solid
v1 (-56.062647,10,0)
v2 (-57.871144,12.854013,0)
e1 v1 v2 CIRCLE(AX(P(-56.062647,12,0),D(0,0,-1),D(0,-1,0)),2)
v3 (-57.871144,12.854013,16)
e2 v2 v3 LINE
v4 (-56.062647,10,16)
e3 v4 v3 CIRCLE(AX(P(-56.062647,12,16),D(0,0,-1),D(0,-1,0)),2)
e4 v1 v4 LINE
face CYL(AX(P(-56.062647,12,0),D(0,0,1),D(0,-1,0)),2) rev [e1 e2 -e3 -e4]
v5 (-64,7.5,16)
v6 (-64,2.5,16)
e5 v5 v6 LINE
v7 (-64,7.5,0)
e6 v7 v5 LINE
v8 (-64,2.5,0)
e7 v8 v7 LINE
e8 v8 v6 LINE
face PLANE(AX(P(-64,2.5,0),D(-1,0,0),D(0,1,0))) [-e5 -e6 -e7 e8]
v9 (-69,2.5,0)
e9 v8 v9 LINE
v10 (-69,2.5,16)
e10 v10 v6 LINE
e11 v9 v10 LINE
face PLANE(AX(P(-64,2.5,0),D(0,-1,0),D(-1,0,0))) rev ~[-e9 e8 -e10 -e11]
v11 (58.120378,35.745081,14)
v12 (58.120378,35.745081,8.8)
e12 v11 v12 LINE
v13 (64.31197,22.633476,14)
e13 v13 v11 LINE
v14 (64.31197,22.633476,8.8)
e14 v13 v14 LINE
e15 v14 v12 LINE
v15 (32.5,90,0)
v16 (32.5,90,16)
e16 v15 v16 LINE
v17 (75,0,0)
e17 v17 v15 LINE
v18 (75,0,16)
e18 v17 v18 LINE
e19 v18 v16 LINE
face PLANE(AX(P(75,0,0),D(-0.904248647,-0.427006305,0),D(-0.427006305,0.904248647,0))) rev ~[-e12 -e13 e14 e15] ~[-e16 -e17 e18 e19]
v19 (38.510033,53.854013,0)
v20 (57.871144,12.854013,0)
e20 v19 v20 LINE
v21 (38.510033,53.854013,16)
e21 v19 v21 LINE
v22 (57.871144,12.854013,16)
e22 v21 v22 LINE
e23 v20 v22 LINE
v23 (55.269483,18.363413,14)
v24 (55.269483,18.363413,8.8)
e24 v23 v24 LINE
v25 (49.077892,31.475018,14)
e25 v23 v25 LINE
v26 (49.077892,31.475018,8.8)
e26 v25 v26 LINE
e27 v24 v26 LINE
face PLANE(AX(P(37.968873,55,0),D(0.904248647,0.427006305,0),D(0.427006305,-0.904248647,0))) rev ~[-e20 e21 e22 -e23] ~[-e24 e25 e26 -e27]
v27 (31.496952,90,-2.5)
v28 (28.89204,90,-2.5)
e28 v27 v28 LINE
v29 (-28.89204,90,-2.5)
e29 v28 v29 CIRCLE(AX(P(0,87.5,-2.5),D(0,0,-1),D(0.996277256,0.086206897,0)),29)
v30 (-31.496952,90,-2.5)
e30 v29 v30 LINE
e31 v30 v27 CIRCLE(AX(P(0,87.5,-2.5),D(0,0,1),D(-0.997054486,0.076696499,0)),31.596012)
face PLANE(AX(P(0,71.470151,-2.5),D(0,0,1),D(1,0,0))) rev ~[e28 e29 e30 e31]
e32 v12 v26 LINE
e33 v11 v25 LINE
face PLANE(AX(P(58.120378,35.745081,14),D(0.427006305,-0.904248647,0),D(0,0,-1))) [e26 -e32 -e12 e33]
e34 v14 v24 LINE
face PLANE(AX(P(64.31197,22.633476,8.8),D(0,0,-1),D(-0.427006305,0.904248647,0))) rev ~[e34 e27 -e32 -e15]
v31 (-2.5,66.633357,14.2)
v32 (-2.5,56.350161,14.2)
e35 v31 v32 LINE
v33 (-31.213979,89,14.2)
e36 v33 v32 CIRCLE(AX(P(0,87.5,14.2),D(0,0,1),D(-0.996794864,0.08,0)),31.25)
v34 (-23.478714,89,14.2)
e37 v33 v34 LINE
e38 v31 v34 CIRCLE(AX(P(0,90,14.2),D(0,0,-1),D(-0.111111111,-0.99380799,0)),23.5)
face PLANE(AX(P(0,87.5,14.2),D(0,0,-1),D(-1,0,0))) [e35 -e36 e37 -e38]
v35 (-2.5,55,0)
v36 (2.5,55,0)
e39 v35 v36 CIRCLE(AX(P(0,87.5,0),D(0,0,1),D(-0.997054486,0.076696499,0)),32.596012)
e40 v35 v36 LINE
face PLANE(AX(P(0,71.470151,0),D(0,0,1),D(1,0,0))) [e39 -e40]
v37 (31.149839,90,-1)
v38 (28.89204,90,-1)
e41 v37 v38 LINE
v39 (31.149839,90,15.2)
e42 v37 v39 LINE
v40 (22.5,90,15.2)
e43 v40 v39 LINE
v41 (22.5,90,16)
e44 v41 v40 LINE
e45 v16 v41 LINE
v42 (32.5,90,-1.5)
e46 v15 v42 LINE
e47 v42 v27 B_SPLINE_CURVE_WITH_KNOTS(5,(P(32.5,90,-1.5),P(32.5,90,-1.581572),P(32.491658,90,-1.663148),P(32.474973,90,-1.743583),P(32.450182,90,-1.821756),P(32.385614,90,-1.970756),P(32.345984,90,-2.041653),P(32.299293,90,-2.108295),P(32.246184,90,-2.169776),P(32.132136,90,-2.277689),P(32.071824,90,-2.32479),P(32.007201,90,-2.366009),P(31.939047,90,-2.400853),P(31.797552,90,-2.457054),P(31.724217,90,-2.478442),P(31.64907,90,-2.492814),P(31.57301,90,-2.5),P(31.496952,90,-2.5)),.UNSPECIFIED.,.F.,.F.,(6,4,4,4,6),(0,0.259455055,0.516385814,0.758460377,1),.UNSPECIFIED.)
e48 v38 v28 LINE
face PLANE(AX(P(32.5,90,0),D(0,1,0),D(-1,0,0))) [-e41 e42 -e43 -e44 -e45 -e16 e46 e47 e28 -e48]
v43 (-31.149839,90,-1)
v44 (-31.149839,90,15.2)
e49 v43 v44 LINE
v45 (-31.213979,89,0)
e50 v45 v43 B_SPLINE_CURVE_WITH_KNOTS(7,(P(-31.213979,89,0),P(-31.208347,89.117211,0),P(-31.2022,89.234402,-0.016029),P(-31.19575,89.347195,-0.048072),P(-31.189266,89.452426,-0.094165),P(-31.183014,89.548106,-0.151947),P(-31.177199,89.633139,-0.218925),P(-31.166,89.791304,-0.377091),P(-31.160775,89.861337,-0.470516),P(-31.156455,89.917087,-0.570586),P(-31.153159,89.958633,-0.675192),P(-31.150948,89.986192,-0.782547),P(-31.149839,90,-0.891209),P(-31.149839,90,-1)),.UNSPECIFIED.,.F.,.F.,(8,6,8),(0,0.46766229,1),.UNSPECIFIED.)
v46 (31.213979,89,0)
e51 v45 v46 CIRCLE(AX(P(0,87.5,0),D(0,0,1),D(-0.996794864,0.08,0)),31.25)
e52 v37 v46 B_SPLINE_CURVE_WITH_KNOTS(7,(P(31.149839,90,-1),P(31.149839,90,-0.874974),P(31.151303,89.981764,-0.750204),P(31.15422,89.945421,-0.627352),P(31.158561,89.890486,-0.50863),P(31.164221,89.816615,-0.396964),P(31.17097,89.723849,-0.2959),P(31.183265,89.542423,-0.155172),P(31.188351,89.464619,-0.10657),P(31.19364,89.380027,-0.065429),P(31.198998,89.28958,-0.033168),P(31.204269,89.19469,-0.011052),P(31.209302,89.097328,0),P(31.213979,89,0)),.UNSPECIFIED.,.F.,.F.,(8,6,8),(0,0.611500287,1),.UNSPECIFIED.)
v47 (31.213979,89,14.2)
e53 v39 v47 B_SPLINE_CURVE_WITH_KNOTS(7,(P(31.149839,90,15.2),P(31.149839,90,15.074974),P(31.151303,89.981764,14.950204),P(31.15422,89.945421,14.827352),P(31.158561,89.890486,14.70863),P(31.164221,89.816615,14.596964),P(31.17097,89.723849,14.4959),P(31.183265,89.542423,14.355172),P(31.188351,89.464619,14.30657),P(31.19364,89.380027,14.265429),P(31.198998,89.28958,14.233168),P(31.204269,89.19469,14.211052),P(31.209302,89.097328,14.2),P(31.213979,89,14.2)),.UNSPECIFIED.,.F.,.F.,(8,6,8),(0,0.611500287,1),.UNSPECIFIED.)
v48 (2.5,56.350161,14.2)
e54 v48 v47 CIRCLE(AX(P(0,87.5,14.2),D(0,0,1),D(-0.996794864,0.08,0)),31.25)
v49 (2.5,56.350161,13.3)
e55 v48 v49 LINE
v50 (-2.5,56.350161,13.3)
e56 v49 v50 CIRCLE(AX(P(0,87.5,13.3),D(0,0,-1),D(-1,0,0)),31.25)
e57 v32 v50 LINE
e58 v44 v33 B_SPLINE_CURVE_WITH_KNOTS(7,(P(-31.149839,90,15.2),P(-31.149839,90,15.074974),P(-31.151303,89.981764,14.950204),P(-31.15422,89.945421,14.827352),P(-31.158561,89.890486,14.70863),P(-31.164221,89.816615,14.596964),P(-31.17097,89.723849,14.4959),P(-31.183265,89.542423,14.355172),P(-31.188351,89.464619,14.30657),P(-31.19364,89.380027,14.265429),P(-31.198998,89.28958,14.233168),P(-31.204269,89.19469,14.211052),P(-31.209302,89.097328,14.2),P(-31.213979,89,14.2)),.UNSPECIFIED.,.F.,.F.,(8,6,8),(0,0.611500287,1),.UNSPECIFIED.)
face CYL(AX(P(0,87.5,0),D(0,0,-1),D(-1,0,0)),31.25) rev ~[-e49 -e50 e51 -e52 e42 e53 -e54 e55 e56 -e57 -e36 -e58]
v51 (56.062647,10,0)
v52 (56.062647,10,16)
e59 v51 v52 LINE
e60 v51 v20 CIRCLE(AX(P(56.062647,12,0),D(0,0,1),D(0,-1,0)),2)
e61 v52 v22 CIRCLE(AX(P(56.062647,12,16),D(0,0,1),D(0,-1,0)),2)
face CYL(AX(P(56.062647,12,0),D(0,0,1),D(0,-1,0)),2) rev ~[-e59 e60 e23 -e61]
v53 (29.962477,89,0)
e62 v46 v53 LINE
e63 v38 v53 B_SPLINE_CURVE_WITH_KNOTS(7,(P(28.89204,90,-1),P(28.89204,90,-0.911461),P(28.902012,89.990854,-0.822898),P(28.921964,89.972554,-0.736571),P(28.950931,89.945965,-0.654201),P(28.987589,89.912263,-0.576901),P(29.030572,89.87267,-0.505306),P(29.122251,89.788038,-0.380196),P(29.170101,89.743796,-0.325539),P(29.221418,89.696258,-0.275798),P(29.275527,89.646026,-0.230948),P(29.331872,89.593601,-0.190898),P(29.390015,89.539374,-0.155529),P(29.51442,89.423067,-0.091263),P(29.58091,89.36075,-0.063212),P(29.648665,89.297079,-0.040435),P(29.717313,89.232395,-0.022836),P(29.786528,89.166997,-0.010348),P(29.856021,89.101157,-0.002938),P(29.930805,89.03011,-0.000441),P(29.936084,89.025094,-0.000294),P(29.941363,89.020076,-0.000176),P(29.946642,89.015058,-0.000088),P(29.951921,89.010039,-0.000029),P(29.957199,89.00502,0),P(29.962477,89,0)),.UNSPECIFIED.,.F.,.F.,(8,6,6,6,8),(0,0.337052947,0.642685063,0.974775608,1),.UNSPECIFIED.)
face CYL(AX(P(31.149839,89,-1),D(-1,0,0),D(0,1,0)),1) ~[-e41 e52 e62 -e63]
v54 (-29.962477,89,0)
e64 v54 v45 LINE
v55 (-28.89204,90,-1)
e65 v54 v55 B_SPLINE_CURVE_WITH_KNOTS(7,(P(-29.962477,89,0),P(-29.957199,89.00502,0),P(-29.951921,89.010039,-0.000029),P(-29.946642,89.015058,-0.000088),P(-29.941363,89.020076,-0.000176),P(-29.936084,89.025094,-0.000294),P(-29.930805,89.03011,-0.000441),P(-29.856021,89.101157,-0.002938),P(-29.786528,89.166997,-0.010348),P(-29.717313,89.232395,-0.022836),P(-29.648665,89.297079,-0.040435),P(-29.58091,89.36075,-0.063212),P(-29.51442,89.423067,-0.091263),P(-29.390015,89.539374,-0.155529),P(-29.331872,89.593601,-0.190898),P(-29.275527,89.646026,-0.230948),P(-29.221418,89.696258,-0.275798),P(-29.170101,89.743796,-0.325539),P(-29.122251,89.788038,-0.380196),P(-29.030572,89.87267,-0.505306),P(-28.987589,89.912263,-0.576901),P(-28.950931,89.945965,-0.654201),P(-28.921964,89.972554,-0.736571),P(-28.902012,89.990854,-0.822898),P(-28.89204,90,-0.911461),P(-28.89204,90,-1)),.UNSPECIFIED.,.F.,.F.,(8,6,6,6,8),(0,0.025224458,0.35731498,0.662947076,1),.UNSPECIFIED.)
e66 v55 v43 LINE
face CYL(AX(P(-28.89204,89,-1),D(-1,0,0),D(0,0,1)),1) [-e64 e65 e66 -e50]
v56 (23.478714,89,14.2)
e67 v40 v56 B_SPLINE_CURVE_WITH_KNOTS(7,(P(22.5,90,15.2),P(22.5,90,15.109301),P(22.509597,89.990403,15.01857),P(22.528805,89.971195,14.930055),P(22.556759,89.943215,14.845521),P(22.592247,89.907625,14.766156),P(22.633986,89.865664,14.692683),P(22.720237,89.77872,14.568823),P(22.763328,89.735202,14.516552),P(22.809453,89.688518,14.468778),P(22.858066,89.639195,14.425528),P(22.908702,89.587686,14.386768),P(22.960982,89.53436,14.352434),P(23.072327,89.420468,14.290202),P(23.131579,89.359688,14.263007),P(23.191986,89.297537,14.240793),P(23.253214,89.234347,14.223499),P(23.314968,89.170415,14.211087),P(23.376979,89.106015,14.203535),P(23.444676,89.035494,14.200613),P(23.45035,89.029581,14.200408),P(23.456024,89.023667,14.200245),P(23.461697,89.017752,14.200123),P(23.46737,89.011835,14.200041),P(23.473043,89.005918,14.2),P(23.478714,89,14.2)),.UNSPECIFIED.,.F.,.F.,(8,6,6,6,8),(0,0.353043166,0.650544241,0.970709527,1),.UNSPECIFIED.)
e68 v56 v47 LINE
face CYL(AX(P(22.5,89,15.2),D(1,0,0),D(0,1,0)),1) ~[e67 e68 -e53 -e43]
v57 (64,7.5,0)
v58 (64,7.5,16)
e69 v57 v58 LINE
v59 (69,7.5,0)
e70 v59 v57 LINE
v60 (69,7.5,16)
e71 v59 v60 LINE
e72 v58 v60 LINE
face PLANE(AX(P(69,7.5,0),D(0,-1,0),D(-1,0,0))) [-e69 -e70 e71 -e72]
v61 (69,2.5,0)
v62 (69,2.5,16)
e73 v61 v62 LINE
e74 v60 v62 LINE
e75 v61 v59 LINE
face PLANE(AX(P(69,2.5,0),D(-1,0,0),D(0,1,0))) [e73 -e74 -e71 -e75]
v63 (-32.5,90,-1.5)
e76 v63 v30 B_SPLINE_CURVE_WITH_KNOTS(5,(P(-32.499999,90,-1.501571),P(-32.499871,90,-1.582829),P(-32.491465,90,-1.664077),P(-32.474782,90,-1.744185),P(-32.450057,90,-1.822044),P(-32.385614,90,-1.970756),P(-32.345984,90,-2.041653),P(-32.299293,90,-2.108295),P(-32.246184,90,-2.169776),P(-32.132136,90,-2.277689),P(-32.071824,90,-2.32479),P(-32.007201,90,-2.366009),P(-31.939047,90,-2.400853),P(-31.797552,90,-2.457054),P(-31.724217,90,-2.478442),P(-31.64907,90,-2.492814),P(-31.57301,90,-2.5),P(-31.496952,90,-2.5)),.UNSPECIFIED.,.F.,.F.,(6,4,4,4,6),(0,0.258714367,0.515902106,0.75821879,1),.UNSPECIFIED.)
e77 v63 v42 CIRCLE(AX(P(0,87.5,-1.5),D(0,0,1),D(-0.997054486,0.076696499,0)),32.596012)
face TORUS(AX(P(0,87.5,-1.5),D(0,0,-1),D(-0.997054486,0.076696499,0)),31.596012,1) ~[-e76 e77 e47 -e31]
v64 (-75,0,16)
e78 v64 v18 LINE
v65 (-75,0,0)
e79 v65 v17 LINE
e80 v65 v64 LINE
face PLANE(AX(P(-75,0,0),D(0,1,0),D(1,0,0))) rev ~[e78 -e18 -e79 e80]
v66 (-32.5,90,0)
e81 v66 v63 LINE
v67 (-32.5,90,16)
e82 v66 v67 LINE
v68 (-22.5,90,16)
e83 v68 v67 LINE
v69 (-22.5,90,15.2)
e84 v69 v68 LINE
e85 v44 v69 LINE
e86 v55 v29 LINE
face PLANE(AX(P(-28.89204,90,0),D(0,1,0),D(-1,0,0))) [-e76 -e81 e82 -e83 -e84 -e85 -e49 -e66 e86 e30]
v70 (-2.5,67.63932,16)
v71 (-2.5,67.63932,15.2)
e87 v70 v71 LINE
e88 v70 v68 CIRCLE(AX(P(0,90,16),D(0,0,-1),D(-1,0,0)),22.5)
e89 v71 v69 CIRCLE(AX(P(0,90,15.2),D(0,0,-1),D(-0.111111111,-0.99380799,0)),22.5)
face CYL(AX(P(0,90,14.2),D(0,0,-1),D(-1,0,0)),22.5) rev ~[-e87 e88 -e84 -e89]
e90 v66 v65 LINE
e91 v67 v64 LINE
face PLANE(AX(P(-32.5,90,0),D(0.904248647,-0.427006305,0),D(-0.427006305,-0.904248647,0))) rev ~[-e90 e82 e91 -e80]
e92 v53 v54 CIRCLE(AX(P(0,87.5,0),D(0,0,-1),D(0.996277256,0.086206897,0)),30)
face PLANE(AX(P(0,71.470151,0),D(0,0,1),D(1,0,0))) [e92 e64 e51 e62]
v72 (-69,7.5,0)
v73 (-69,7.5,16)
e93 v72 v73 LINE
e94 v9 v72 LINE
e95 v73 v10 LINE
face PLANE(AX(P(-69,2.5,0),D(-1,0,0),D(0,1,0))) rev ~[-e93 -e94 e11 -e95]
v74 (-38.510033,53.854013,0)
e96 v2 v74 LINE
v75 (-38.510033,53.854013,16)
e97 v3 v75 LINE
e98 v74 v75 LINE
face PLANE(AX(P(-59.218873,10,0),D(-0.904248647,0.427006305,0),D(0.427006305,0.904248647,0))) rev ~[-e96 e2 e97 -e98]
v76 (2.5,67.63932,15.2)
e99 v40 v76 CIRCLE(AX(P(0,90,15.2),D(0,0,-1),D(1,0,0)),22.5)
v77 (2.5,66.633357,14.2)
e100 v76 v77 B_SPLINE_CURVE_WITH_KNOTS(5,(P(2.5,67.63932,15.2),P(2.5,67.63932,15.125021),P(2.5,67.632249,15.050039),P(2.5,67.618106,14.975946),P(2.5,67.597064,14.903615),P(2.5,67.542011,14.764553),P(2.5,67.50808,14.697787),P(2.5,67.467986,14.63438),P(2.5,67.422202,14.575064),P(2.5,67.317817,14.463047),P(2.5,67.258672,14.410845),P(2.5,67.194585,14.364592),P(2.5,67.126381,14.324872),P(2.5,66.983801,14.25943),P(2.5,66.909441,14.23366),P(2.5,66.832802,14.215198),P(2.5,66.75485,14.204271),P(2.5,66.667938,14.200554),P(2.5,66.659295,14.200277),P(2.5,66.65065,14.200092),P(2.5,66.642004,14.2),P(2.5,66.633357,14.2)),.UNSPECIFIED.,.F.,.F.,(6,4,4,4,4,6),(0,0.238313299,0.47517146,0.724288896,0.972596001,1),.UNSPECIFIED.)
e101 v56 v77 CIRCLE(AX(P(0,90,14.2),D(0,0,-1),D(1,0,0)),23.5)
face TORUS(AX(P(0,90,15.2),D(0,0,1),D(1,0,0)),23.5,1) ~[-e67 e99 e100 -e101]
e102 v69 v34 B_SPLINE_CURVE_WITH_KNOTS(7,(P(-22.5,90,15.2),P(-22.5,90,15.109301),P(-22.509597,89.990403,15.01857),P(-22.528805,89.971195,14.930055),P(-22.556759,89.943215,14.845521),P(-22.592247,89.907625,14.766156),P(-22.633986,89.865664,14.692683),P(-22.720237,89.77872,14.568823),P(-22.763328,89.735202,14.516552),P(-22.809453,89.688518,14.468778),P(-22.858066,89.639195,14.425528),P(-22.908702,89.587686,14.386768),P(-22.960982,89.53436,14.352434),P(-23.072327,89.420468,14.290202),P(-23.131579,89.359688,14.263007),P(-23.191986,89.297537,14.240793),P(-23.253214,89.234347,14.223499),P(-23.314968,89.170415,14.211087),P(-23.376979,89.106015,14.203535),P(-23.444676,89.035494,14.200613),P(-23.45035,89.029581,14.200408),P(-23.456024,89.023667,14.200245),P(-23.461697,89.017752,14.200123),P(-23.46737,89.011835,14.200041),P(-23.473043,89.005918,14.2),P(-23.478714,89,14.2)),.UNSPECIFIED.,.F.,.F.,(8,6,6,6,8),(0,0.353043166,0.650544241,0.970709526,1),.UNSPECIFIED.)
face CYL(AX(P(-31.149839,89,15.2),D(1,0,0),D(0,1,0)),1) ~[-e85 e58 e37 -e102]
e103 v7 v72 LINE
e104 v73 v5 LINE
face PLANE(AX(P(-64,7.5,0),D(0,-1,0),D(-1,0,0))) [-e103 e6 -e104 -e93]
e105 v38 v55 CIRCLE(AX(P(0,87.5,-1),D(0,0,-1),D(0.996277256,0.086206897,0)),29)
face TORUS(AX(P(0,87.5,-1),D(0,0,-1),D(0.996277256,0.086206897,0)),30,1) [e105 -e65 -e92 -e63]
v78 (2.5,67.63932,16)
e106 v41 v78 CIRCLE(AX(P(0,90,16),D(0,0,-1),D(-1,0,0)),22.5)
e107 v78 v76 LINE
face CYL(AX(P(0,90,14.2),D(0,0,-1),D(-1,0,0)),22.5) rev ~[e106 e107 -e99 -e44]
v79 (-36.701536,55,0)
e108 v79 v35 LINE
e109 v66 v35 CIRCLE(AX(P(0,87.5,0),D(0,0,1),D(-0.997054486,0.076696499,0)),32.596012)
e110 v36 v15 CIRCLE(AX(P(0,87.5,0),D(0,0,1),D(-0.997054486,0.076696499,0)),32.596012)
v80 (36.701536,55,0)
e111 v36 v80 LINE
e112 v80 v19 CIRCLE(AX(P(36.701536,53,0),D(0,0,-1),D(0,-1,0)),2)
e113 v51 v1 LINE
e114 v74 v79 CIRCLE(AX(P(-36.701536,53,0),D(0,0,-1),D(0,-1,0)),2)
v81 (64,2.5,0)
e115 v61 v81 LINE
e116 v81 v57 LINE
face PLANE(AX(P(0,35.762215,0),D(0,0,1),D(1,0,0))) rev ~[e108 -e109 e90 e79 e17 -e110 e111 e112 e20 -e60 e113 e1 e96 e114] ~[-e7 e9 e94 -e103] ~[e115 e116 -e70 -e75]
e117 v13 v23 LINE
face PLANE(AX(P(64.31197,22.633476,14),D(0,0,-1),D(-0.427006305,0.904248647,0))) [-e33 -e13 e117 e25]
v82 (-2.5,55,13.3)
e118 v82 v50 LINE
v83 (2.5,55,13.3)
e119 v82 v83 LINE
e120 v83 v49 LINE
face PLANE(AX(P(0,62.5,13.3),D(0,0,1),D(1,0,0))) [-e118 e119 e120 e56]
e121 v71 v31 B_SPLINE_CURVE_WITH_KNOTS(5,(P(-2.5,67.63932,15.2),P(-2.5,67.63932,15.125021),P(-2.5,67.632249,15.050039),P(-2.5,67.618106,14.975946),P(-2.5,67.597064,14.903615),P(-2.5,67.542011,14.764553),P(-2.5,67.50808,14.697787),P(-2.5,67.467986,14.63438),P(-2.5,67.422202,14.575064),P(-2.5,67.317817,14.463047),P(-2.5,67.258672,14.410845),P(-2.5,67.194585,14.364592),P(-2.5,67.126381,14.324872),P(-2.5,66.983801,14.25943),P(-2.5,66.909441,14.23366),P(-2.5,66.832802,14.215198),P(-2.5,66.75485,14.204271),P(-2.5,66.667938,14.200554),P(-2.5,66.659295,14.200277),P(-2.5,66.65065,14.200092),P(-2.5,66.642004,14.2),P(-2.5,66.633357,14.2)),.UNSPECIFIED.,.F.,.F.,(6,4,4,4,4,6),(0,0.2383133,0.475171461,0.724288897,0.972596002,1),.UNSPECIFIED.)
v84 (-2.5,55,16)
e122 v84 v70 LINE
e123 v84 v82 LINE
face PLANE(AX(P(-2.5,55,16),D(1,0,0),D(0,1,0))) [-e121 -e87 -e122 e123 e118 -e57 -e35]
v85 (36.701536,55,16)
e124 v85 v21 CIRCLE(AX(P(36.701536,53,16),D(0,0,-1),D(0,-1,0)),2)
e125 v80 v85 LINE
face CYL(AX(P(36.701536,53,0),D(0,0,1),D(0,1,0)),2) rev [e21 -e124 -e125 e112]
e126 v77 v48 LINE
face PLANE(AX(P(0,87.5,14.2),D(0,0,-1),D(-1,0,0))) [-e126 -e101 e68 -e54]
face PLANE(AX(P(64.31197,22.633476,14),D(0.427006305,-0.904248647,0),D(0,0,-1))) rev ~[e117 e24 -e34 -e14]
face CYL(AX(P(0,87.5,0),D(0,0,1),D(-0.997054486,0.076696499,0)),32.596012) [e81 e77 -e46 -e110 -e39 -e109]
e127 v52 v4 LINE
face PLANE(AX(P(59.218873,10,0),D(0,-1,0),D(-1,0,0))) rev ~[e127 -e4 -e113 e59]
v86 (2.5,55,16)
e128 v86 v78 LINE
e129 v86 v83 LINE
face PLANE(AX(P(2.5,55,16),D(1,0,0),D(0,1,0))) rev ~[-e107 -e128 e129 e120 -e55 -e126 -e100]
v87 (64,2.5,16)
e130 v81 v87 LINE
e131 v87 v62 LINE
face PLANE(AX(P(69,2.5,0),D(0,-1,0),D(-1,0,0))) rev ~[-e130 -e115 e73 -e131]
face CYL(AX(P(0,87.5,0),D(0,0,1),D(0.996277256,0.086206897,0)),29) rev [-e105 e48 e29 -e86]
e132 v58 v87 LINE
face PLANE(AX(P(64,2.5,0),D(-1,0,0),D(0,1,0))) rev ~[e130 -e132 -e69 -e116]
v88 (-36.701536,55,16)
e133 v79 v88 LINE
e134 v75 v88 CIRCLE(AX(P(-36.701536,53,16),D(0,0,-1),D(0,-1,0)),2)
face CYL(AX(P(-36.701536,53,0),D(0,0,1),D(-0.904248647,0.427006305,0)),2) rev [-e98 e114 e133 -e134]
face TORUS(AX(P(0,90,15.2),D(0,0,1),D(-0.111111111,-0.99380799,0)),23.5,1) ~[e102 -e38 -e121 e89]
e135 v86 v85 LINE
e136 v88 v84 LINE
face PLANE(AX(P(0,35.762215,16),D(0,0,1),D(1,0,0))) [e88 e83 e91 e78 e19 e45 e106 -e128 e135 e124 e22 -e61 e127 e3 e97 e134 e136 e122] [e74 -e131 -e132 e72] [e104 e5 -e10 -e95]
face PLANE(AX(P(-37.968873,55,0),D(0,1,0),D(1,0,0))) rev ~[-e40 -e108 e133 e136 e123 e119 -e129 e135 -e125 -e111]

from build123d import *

# Parameters (mm, degrees)
BOSS_EXTRUDE1_DEPTH = 16
SKETCH2_R           = 31.25
CUT_EXTRUDE1_DEPTH  = 14.2
SKETCH3_R           = 22.5
CUT_EXTRUDE2_DEPTH  = 14.2
FILLET1_R           = 2
SKETCH4_W           = 5.2
SKETCH4_H           = 14.5
CUT_EXTRUDE3_DEPTH  = 10
SKETCH5_W           = 5
SKETCH5_H           = 5
CUT_EXTRUDE4_DEPTH  = 119.241278748
SKETCH6_W           = 5
SKETCH6_H           = 15
CUT_EXTRUDE5_DEPTH  = 2.7
BOSS_EXTRUDE2_DEPTH = 2.5
FILLET2_R           = 1
FILLET3_R           = 1


with BuildPart() as part:
    # Sketch1 → Boss-Extrude1 (new body)
    with BuildSketch(Plane.XY):
        Polygon((-75, 0), (75, 0), (32.5, 90), (-32.5, 90), align=None)
        Polygon((-59.218872646, 10), (-37.968872646, 55), (37.968872646, 55), (59.218872646, 10), align=None, mode=Mode.SUBTRACT)
    extrude(amount=BOSS_EXTRUDE1_DEPTH)

    # Sketch2 → Cut-Extrude1 (cut)
    with BuildSketch(Plane(origin=(0, 0, 0), x_dir=(-1, 0, 0), z_dir=(0, 0, -1))):
        with Locations((0, 87.5)):
            Circle(SKETCH2_R)
    extrude(amount=-CUT_EXTRUDE1_DEPTH, mode=Mode.SUBTRACT)

    # Sketch3 → Cut-Extrude2 (cut)
    with BuildSketch(Plane(origin=(0, 0, 14.2), x_dir=(-1, 0, 0), z_dir=(0, 0, -1))):
        with Locations((0, 90)):
            Circle(SKETCH3_R)
    extrude(amount=-CUT_EXTRUDE2_DEPTH, mode=Mode.SUBTRACT)

    # Fillet1
    fillet1_edges = [part.edges().sort_by_distance(p)[0] for p in [
        (59.218872646, 10, 8),
        (37.968872646, 55, 8),
        (-37.968872646, 55, 8),
        (-59.218872646, 10, 8),
    ]]
    fillet(fillet1_edges, radius=FILLET1_R)

    # Sketch4 → Cut-Extrude3 (cut)
    with BuildSketch(Plane(origin=(61.324921136, 28.958990536, 0), x_dir=(0, 0, -1), z_dir=(0.9042486467459909, 0.42700630540782925, 0))):
        with Locations((-11.4, 0.254673281)):
            Rectangle(SKETCH4_W, SKETCH4_H)
    extrude(amount=-CUT_EXTRUDE3_DEPTH, mode=Mode.SUBTRACT)

    # Sketch5 → Cut-Extrude4 (cut, through all)
    with BuildSketch(Plane(origin=(0, 0, 0), x_dir=(-1, 0, 0), z_dir=(0, 0, -1))):
        with Locations((-66.5, 5)):
            Rectangle(SKETCH5_W, SKETCH5_H)
        with Locations((66.5, 5)):
            Rectangle(SKETCH5_W, SKETCH5_H)
    extrude(amount=-CUT_EXTRUDE4_DEPTH, mode=Mode.SUBTRACT)

    # Sketch6 → Cut-Extrude5 (cut)
    with BuildSketch(Plane.XY.offset(16)):
        with Locations((0, 62.5)):
            Rectangle(SKETCH6_W, SKETCH6_H)
    extrude(amount=-CUT_EXTRUDE5_DEPTH, mode=Mode.SUBTRACT)

    # Sketch7 → Boss-Extrude2 (add)
    with BuildSketch(Plane(origin=(0, 0, 0), x_dir=(-1, 0, 0), z_dir=(0, 0, -1))):
        with BuildLine():
            Line((-32.5, 90), (-28.892040426, 90))
            ThreePointArc((-28.892040426, 90), (0, 58.5), (28.892040426, 90))
            Line((28.892040426, 90), (32.5, 90))
            ThreePointArc((32.5, 90), (0, 54.903987974), (-32.5, 90))
        make_face()
    extrude(amount=BOSS_EXTRUDE2_DEPTH)

    # Fillet2
    fillet2_edges = [part.edges().sort_by_distance(p)[0] for p in [
        (0, 54.903987974, -2.5),
    ]]
    fillet(fillet2_edges, radius=FILLET2_R)

    # Fillet3
    fillet3_edges = [part.edges().sort_by_distance(p)[0] for p in [
        (-16.770509831, 75, 14.2),
        (-30.020939956, 90, 0),
        (0, 58.5, 0),
        (30.020939956, 90, 0),
        (-26.824919743, 90, 14.2),
        (26.824919743, 90, 14.2),
        (16.770509831, 75, 14.2),
    ]]
    fillet(fillet3_edges, radius=FILLET3_R)


solid = part.part
